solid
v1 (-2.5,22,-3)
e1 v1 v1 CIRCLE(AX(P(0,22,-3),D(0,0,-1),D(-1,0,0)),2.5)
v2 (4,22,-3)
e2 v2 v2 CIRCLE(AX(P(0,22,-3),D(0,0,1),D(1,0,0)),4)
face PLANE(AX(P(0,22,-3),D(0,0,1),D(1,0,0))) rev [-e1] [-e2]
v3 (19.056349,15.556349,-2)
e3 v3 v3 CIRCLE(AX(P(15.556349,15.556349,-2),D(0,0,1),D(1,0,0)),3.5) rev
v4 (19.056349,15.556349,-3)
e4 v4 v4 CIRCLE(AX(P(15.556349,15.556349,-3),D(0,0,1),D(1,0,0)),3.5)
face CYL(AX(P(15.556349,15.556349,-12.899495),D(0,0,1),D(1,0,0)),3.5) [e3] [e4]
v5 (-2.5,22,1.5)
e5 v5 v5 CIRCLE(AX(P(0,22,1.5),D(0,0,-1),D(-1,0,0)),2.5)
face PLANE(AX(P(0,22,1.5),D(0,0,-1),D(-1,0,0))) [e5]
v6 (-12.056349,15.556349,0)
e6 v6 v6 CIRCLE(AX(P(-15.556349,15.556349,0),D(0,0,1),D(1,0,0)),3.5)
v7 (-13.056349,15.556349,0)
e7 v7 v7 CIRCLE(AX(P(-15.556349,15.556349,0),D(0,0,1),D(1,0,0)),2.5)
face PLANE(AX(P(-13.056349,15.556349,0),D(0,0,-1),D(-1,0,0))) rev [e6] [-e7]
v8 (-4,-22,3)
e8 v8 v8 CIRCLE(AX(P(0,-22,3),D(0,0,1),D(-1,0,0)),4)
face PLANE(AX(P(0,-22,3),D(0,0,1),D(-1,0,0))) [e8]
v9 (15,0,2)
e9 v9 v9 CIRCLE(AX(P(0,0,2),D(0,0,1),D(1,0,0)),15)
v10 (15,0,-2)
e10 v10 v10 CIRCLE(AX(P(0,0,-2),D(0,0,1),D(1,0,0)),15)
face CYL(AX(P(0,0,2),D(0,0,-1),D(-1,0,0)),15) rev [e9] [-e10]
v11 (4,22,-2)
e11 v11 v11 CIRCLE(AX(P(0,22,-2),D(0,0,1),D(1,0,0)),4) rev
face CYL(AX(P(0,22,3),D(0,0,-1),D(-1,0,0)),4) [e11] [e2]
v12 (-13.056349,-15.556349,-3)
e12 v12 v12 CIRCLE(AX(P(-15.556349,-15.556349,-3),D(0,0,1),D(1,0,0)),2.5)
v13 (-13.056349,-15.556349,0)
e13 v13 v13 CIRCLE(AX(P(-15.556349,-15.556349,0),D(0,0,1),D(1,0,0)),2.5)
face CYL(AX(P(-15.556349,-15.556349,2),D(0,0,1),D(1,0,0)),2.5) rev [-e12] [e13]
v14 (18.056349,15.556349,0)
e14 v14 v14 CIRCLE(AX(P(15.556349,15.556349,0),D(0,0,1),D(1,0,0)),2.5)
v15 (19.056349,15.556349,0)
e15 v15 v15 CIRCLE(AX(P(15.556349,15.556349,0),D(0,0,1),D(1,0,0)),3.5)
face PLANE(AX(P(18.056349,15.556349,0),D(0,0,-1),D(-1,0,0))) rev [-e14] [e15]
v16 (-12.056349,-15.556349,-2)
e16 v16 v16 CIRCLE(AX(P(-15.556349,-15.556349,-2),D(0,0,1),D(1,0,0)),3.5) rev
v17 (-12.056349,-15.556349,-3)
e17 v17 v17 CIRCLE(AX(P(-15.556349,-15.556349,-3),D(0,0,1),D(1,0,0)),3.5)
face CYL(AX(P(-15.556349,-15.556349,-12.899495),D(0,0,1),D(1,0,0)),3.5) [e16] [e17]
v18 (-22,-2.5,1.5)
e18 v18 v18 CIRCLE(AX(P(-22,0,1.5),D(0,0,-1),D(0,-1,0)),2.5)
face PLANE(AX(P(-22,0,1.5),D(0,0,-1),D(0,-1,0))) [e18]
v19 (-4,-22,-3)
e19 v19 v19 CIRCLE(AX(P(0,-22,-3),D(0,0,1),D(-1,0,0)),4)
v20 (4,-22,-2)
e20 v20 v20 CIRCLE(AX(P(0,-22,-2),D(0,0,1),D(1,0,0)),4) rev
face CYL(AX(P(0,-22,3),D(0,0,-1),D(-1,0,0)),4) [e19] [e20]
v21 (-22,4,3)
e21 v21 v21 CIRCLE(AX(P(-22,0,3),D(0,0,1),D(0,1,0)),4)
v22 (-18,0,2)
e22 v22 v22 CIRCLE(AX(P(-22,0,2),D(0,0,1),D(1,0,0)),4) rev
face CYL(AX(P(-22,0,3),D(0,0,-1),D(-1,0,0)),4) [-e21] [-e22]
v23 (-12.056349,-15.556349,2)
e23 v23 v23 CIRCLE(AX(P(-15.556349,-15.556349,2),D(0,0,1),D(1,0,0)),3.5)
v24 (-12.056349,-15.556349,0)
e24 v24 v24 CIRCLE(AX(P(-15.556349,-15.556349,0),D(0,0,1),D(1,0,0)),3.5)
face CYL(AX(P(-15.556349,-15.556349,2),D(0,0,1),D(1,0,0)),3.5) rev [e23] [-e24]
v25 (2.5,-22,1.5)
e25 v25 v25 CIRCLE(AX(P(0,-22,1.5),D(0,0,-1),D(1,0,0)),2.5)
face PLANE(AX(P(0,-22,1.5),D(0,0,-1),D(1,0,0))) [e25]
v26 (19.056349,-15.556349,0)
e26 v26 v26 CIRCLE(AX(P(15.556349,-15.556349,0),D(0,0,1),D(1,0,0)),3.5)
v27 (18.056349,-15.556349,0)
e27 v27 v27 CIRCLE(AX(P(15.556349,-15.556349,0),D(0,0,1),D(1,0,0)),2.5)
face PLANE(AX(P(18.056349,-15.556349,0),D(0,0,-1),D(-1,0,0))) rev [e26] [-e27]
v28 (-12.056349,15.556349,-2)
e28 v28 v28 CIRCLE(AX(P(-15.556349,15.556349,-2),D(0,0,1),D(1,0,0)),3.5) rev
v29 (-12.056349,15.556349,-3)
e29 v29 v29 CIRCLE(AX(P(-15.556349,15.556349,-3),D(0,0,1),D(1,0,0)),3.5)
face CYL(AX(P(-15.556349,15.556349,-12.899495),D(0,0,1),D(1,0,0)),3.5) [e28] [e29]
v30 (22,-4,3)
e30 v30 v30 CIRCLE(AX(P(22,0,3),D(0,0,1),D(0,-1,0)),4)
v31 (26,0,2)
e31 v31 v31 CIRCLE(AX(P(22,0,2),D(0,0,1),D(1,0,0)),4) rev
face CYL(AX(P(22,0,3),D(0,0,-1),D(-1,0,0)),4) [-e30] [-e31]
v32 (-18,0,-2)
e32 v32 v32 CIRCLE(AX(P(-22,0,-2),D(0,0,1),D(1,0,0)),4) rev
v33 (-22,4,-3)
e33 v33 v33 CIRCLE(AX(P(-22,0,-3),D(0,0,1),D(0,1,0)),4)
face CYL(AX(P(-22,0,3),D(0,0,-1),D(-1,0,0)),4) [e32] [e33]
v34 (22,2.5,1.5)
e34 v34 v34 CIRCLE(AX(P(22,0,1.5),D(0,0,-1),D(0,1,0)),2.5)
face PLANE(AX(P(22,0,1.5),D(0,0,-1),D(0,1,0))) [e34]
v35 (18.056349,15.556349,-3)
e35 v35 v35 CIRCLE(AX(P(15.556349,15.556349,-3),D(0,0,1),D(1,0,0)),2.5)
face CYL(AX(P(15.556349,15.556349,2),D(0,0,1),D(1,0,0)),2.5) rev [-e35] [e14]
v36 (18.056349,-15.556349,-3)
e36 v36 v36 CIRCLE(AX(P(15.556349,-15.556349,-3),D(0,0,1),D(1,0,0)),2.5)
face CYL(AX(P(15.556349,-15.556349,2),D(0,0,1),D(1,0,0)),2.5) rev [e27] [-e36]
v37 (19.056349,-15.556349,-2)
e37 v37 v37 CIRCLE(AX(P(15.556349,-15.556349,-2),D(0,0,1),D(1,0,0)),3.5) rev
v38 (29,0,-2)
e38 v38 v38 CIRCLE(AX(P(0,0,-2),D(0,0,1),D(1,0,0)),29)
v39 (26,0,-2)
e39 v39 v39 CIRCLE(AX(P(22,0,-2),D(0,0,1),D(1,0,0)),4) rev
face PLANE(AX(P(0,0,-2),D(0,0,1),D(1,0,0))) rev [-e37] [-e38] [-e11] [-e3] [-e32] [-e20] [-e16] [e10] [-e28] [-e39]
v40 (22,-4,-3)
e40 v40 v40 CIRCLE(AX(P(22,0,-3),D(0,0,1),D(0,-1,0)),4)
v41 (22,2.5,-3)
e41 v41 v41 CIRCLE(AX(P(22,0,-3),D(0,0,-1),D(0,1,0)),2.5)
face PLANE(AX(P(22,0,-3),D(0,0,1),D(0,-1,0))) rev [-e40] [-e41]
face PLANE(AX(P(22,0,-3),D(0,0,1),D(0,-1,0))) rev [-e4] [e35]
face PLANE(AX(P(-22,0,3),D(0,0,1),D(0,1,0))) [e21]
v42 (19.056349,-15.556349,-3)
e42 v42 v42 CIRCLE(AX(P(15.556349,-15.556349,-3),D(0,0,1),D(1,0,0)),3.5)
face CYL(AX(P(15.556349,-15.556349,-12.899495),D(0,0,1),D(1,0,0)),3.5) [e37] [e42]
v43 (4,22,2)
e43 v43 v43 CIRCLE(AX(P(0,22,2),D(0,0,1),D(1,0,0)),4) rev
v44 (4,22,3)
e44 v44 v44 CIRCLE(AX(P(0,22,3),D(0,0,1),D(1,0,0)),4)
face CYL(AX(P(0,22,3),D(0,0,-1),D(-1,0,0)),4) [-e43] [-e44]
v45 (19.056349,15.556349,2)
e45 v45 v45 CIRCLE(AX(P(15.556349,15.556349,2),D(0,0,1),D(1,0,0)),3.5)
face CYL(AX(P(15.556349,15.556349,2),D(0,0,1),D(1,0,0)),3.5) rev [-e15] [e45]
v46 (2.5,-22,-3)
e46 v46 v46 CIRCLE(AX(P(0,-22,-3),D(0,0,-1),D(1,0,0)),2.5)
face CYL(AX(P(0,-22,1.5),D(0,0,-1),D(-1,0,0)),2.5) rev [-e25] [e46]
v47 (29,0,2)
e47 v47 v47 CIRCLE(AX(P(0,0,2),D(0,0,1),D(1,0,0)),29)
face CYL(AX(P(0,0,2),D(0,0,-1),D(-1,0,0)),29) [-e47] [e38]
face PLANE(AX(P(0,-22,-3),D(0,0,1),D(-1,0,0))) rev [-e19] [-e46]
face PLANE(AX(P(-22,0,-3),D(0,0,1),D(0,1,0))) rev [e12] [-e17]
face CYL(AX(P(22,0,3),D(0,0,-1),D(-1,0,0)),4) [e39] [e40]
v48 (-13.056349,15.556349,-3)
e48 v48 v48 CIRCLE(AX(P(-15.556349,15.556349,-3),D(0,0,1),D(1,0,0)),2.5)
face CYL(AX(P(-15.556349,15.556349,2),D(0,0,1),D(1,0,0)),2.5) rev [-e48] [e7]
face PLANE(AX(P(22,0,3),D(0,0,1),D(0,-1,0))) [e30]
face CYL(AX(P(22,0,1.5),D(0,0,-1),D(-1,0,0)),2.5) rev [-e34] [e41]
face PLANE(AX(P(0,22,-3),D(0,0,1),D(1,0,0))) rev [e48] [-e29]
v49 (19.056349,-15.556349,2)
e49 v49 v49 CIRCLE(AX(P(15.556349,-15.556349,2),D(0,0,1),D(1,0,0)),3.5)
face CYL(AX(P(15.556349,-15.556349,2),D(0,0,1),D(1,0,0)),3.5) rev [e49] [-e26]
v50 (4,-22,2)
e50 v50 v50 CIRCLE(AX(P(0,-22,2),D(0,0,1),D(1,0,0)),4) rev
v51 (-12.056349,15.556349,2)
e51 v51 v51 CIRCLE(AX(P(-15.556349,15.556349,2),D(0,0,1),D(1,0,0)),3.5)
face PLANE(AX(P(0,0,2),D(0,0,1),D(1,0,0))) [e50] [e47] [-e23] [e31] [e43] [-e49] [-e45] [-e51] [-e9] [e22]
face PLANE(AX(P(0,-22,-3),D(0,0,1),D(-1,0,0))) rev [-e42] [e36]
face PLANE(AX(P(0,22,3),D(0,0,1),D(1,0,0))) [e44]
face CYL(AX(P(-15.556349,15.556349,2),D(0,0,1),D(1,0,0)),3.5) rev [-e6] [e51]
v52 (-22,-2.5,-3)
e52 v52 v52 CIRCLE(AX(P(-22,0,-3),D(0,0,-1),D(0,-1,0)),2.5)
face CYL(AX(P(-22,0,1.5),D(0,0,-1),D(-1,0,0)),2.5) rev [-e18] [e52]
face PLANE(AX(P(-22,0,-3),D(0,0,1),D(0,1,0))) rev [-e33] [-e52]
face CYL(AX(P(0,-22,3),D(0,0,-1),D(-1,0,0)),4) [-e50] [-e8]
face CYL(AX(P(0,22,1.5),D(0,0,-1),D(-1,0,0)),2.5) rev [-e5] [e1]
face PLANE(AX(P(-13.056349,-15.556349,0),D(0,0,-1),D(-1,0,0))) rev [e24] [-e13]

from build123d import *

# Parameters (mm, degrees)
SKETCH_1_R                = 29.000000000000004
SKETCH_1_R_2              = 15.000000000000002
EXTRUDE_1_DEPTH           = 2
SKETCH_2_R                = 4.000000000000001
EXTRUDE_2_DEPTH           = 3
SKETCH_3_R                = 2.5
CUT_EXTRUDE_1_DEPTH       = 4.5
PATTERN_CIRCULAR_1_COUNT  = 4
HOLE_WIZARD_1_D           = 5
HOLE_WIZARD_1_CBORE_D     = 7
HOLE_WIZARD_1_CBORE_DEPTH = 2
SKETCH_6_R                = 3.5000000000000013
SKETCH_6_R_2              = 2.500000000000015
EXTRUDE_3_DEPTH           = 1
PATTERN_CIRCULAR_2_COUNT  = 4


with BuildPart() as part:
    # 草图1 → 凸台-拉伸1 (new, symmetric)
    with BuildSketch(Plane.XY):
        Circle(SKETCH_1_R)
        Circle(SKETCH_1_R_2, mode=Mode.SUBTRACT)
    extrude(amount=EXTRUDE_1_DEPTH, both=True)

    # 草图2 → 凸台-拉伸2 (add, symmetric)
    with BuildSketch(Plane.XY):
        with Locations((0, 22)):
            Circle(SKETCH_2_R)
    extrude_2 = extrude(amount=EXTRUDE_2_DEPTH, both=True)

    # 草图3 → 切除-拉伸1 (cut)
    with BuildSketch(Plane(origin=(0, 0, -3), x_dir=(-1, 0, 0), z_dir=(0, 0, -1))):
        with Locations((0, 22)):
            Circle(SKETCH_3_R)
    cut_extrude_1 = extrude(amount=-CUT_EXTRUDE_1_DEPTH, mode=Mode.SUBTRACT)

    # 阵列(圆周)1: 凸台-拉伸2, 切除-拉伸1 ×4 about axis
    pattern_circular_1_axis = Axis((-3.841e-14, 0, 0), (0, 0, 1))
    add([extrude_2.rotate(pattern_circular_1_axis, i * 360 / PATTERN_CIRCULAR_1_COUNT) for i in range(1, PATTERN_CIRCULAR_1_COUNT)])
    add([cut_extrude_1.rotate(pattern_circular_1_axis, i * 360 / PATTERN_CIRCULAR_1_COUNT) for i in range(1, PATTERN_CIRCULAR_1_COUNT)], mode=Mode.SUBTRACT)

    # 孔1 (through all)
    with Locations(Plane.XY.offset(2)):
        with Locations((-15.556349186, 15.556349186)):
            hole_wizard_1 = CounterBoreHole(HOLE_WIZARD_1_D / 2, HOLE_WIZARD_1_CBORE_D / 2, HOLE_WIZARD_1_CBORE_DEPTH)

    # 草图6 → 凸台-拉伸3 (add)
    with BuildSketch(Plane(origin=(0, 0, -2), x_dir=(-1, 0, 0), z_dir=(0, 0, -1))):
        with Locations(Location((15.556349186104072, 15.556349186104015, 0), (0, 0, 180))):
            Circle(SKETCH_6_R)
        with Locations(Location((15.556349186104072, 15.556349186104015, 0), (0, 0, 180))):
            Circle(SKETCH_6_R_2, mode=Mode.SUBTRACT)
    extrude_3 = extrude(amount=EXTRUDE_3_DEPTH)

    # 阵列(圆周)2: 孔1, 凸台-拉伸3 ×4 about axis
    pattern_circular_2_axis = Axis((2.732e-14, 2.732e-14, 0), (0, 0, 1))
    add([hole_wizard_1.rotate(pattern_circular_2_axis, i * 360 / PATTERN_CIRCULAR_2_COUNT) for i in range(1, PATTERN_CIRCULAR_2_COUNT)], mode=Mode.SUBTRACT)
    add([extrude_3.rotate(pattern_circular_2_axis, i * 360 / PATTERN_CIRCULAR_2_COUNT) for i in range(1, PATTERN_CIRCULAR_2_COUNT)])


solid = part.part
